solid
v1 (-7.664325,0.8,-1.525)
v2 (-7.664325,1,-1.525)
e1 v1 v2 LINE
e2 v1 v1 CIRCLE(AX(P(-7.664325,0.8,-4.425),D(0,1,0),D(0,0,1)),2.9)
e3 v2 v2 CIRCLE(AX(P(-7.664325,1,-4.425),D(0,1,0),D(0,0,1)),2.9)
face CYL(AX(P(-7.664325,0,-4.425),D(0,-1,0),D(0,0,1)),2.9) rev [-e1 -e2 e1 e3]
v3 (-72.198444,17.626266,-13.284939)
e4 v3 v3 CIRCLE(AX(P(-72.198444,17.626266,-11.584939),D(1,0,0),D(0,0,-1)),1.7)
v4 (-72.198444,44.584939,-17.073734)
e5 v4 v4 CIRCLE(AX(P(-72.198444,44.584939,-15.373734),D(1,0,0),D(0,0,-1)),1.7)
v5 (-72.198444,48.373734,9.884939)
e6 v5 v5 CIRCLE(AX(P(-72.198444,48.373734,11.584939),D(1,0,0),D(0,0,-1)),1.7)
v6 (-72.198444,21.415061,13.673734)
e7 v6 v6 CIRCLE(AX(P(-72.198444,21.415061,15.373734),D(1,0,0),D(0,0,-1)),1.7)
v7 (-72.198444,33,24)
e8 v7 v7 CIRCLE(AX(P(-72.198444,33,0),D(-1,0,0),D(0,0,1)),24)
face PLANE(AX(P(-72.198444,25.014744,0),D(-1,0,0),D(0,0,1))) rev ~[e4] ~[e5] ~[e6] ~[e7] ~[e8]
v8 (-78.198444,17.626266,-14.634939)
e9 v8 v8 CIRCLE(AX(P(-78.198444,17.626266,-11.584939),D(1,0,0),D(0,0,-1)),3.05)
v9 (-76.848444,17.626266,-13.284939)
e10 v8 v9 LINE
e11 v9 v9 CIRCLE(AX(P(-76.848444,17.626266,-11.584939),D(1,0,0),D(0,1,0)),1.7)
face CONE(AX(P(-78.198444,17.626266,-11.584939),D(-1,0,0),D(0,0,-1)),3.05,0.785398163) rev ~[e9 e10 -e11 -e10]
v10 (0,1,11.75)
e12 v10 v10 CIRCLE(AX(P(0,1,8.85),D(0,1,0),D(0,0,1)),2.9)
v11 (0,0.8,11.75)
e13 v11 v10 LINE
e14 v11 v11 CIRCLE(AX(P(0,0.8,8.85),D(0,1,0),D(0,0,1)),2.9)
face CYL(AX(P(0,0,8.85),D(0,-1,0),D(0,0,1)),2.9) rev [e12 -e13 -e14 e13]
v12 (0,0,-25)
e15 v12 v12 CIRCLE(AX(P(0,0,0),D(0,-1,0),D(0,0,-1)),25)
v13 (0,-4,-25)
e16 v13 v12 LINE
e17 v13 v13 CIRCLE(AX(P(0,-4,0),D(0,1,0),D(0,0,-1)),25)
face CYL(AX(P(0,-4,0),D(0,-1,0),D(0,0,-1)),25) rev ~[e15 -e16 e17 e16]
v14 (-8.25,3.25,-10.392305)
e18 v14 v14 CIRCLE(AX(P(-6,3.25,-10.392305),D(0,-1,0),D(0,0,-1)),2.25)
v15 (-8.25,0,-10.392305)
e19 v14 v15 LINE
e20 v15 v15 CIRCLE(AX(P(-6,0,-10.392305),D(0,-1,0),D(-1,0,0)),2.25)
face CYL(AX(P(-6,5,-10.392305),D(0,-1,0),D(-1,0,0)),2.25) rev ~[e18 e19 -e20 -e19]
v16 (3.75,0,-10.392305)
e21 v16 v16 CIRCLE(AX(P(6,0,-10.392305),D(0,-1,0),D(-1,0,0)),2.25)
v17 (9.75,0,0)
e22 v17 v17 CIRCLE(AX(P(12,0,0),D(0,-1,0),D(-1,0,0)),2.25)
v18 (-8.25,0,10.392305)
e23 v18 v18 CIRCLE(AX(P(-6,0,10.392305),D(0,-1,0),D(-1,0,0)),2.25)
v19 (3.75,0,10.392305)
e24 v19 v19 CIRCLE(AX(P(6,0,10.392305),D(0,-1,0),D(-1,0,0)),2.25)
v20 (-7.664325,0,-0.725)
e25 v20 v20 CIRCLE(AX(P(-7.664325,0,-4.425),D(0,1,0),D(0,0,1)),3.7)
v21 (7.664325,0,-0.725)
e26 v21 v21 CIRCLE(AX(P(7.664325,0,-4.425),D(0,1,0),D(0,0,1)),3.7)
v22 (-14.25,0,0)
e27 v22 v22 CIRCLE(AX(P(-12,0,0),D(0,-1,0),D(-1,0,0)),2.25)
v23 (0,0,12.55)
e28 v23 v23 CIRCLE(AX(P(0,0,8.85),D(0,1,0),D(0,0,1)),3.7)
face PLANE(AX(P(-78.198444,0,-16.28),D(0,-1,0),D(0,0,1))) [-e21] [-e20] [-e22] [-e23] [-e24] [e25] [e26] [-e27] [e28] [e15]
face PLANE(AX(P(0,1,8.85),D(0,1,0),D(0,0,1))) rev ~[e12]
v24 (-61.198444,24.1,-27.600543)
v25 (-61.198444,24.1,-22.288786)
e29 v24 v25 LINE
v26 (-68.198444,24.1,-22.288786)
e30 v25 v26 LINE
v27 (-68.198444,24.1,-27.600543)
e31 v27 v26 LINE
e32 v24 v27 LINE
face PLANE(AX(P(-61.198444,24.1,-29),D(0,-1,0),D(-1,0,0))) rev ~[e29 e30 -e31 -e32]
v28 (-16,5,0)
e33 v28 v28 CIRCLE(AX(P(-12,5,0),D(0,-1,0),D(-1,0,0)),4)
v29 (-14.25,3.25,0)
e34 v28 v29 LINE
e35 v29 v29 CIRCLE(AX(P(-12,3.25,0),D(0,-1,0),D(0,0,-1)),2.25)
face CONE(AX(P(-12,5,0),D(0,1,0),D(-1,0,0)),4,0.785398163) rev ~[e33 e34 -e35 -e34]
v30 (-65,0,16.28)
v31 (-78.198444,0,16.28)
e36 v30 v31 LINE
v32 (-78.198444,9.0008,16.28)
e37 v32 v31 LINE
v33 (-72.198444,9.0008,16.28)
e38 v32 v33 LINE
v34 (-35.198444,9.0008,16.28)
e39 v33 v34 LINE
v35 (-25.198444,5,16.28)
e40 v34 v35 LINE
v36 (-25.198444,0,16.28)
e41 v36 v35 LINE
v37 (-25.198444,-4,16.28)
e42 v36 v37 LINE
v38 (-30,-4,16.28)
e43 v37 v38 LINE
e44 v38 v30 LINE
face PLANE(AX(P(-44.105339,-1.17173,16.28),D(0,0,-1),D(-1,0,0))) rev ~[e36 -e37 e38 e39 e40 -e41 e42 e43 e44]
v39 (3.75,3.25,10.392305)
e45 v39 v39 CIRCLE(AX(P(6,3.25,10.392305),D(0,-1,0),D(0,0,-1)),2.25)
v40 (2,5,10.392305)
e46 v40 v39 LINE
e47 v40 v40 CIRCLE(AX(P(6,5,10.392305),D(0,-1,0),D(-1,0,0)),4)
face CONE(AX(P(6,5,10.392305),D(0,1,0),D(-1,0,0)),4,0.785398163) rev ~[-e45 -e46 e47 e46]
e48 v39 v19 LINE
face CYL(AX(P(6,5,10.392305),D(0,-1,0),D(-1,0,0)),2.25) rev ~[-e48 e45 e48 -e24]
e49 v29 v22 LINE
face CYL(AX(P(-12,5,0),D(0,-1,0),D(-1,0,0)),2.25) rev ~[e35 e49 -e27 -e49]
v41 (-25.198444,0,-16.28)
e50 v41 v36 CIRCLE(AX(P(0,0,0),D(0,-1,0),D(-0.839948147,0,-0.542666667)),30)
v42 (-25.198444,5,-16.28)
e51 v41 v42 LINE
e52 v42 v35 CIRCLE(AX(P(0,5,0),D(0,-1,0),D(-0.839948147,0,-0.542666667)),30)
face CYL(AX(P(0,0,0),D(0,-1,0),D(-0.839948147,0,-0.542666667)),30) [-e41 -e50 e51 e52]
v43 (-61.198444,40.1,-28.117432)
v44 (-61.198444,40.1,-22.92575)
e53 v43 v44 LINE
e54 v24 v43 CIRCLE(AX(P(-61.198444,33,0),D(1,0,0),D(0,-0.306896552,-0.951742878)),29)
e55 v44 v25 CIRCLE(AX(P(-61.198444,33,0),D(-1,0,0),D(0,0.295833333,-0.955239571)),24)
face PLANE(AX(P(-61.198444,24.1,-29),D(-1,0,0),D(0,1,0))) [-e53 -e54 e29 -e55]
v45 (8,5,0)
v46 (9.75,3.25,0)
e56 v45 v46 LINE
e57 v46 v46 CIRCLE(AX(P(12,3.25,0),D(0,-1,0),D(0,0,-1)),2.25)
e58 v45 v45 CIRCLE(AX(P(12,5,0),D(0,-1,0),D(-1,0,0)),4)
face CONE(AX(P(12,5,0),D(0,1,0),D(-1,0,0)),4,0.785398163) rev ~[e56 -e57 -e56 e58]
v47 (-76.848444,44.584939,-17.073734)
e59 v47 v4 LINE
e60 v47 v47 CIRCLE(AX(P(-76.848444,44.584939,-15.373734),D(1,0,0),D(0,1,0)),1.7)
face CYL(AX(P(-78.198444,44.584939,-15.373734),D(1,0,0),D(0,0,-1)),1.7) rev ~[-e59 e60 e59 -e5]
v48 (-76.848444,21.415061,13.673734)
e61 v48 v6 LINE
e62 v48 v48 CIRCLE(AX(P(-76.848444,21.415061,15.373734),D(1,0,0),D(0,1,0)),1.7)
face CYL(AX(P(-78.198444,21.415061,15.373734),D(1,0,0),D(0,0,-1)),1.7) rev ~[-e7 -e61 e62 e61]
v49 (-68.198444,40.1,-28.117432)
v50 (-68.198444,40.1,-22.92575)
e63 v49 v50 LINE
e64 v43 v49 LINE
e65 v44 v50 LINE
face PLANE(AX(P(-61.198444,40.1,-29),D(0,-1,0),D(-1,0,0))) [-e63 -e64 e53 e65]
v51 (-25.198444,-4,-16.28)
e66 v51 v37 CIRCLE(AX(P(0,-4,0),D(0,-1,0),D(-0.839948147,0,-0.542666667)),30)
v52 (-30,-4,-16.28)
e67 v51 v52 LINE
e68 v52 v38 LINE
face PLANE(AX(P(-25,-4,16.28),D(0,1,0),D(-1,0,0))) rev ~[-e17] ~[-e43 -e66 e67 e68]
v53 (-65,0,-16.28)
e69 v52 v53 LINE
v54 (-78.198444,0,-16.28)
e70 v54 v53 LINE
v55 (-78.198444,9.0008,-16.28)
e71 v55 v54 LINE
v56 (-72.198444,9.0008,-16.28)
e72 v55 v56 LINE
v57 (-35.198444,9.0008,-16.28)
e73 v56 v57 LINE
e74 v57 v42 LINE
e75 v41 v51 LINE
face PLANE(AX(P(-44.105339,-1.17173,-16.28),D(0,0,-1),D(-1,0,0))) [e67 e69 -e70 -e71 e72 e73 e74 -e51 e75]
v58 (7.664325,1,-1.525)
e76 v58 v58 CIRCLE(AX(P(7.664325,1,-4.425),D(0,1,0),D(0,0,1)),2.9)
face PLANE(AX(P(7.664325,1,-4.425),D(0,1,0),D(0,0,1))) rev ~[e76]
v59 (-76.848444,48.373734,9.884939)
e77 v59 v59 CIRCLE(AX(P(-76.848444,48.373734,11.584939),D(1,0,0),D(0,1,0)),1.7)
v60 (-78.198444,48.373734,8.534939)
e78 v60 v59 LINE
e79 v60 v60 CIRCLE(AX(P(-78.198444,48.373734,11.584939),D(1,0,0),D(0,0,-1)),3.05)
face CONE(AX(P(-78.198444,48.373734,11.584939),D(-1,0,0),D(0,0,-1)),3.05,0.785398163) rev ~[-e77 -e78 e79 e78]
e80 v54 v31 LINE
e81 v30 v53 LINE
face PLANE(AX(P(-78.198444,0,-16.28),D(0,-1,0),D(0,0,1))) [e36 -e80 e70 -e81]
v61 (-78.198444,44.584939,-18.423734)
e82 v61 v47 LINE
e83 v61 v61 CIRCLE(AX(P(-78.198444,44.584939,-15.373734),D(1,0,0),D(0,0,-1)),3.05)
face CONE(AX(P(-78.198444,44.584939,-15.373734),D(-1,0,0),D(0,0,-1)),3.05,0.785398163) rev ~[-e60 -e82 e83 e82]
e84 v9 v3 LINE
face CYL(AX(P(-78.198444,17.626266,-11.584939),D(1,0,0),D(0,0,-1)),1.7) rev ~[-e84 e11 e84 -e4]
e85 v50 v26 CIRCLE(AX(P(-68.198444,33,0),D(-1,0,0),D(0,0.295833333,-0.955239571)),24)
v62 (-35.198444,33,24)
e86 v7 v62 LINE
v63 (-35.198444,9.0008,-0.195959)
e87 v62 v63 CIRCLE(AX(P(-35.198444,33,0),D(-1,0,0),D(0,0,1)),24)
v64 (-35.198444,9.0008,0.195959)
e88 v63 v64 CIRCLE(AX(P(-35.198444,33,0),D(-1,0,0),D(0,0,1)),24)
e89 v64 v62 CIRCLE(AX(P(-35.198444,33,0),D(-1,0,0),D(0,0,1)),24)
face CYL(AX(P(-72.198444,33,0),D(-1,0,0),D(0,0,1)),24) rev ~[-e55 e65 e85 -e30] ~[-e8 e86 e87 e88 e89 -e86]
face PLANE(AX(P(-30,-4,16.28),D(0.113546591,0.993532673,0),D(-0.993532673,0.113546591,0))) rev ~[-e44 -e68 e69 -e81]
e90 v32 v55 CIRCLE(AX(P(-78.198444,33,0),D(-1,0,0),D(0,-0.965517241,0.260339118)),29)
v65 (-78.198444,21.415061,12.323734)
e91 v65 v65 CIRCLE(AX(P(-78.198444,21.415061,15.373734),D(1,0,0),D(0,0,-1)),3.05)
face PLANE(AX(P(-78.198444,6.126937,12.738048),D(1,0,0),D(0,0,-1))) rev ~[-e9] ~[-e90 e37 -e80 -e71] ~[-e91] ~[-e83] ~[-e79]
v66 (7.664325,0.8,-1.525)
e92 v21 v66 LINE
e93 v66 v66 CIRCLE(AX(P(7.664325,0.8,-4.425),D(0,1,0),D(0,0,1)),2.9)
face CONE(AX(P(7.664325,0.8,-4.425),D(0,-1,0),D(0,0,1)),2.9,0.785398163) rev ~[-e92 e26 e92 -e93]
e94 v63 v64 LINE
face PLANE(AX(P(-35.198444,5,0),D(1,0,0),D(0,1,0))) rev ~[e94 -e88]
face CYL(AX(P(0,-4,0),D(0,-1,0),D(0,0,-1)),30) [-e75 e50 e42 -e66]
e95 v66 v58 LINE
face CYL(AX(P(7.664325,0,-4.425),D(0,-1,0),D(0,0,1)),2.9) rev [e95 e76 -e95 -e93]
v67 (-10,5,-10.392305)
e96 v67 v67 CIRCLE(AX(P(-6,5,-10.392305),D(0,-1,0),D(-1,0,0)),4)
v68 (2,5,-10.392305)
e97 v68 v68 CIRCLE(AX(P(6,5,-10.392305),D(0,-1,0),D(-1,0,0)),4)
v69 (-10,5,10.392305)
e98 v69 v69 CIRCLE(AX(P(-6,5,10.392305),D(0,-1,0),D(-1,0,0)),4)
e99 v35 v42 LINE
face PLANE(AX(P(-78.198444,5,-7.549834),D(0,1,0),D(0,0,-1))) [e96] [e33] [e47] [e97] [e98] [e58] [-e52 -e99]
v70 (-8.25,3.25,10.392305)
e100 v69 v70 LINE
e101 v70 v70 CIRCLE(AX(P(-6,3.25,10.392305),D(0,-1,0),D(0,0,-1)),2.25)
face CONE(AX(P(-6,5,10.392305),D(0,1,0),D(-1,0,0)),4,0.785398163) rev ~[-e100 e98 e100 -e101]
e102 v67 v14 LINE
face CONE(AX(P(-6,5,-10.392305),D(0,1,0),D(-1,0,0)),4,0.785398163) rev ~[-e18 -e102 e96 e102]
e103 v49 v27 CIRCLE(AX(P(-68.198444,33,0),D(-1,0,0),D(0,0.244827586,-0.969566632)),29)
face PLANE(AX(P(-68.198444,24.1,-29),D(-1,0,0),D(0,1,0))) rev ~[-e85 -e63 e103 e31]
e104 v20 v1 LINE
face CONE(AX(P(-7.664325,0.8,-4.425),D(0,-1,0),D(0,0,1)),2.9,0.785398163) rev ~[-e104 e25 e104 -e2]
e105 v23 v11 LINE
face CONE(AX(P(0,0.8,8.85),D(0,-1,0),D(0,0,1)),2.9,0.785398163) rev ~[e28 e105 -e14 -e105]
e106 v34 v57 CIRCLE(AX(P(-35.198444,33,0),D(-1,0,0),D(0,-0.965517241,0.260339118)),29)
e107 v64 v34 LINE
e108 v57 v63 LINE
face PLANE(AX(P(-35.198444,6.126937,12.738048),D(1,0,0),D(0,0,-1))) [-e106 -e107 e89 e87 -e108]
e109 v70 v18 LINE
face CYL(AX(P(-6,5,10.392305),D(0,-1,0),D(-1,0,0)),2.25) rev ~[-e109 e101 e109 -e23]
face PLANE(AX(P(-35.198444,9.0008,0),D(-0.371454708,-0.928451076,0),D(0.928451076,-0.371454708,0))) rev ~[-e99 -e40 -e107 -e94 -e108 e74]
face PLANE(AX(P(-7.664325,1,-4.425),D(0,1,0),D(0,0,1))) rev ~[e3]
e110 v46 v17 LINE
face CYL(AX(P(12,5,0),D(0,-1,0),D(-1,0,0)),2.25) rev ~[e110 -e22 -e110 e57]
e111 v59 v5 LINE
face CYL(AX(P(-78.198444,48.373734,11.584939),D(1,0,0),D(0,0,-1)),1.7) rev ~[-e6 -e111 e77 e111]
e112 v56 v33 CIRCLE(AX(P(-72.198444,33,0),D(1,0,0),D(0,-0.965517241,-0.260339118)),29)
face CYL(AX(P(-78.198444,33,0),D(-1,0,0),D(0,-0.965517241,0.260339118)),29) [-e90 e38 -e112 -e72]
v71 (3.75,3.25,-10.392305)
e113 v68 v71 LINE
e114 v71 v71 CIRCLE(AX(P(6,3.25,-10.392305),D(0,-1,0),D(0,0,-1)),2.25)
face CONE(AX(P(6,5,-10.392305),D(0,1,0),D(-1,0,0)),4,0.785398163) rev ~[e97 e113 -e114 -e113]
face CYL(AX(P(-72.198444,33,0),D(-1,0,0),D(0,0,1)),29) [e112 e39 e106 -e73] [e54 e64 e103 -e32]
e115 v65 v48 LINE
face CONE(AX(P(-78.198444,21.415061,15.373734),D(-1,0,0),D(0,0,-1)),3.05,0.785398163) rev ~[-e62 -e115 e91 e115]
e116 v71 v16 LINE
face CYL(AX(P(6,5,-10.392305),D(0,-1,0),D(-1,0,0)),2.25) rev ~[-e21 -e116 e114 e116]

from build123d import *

# Parameters (mm, degrees)
BOSS_EXTRUDE1_DEPTH                             = 5
CSK_FOR_M4_FLAT_HEAD_MACHINE_SCREW2_D           = 4.5
CSK_FOR_M4_FLAT_HEAD_MACHINE_SCREW2_CSINK_D     = 8
CSK_FOR_M4_FLAT_HEAD_MACHINE_SCREW2_CSINK_ANGLE = 90
SKETCH11_R                                      = 29
SKETCH11_R_2                                    = 24
BOSS_EXTRUDE2_DEPTH                             = 37
BOSS_EXTRUDE3_START                             = 6
BOSS_EXTRUDE3_DEPTH                             = 6
CSK_FOR_M3_FLAT_HEAD_MACHINE_SCREW1_D           = 3.4
CSK_FOR_M3_FLAT_HEAD_MACHINE_SCREW1_CSINK_D     = 6.1
CSK_FOR_M3_FLAT_HEAD_MACHINE_SCREW1_CSINK_ANGLE = 90
CUT_EXTRUDE1_REACH                              = 117.931
CUT_EXTRUDE1_END_RADIUS                         = 24
SKETCH15_W                                      = 7
SKETCH15_H                                      = 16
CUT_EXTRUDE2_START                              = -5
SKETCH17_R                                      = 2.9
CUT_EXTRUDE2_DEPTH                              = 1
CHAMFER1_SIZE                                   = 0.8
BOSS_EXTRUDE4_START                             = -43
BOSS_EXTRUDE4_DEPTH                             = 43
BOSS_EXTRUDE5_DEPTH                             = 16.28
BOSS_EXTRUDE6_START                             = 4
SKETCH21_R                                      = 30
SKETCH21_R_2                                    = 25
BOSS_EXTRUDE6_DEPTH                             = 4
BOSS_EXTRUDE7_DEPTH                             = 32.56


with BuildPart() as part:
    # Sketch1 → Boss-Extrude1 (new body)
    with BuildSketch(Plane(origin=(0, 0, 0), x_dir=(1, 0, 0), z_dir=(0, 1, 0))):
        with BuildLine():
            Line((-25.198444396, -16.28), (-72.198444396, -16.28))
            Line((-72.198444396, -16.28), (-72.198444396, 16.28))
            Line((-72.198444396, 16.28), (-25.198444396, 16.28))
            ThreePointArc((-25.198444396, 16.28), (30, 0), (-25.198444396, -16.28))
        make_face()
    extrude(amount=BOSS_EXTRUDE1_DEPTH)

    # CSK for M4 Flat Head Machine Screw2 (through all)
    with Locations(Plane(origin=(0, 5, 0), x_dir=(1, 0, 0), z_dir=(0, 1, 0))):
        with Locations((-6, 10.392304845), (-12, 0), (12, 0), (6, 10.392304845), (-6, -10.392304845), (6, -10.392304845)):
            CounterSinkHole(CSK_FOR_M4_FLAT_HEAD_MACHINE_SCREW2_D / 2, CSK_FOR_M4_FLAT_HEAD_MACHINE_SCREW2_CSINK_D / 2, counter_sink_angle=CSK_FOR_M4_FLAT_HEAD_MACHINE_SCREW2_CSINK_ANGLE)

    # Sketch11 → Boss-Extrude2 (add)
    with BuildSketch(Plane.ZY.offset(72.198444396)):
        with Locations((0, 33)):
            Circle(SKETCH11_R)
        with Locations((0, 33)):
            Circle(SKETCH11_R_2, mode=Mode.SUBTRACT)
    extrude(amount=-BOSS_EXTRUDE2_DEPTH)

    # Sketch12 → Boss-Extrude3 (add)
    with BuildSketch(Plane.ZY.offset(72.198444396).offset(BOSS_EXTRUDE3_START)):
        with BuildLine():
            Line((-16.28, 0), (16.28, 0))
            Line((16.28, 0), (16.28, 5))
            Line((16.28, 5), (7.549834435, 5))
            ThreePointArc((7.549834435, 5), (0, 62), (-7.549834435, 5))
            Line((-7.549834435, 5), (-16.28, 5))
            Line((-16.28, 5), (-16.28, 0))
        make_face()
    extrude(amount=-BOSS_EXTRUDE3_DEPTH)

    # CSK for M3 Flat Head Machine Screw1 (through all)
    with Locations(Plane.ZY.offset(78.198444396)):
        with Locations((-11.584939196, 17.626266432), (11.584939196, 48.373733568), (15.373733568, 21.415060804), (-15.373733568, 44.584939196)):
            CounterSinkHole(CSK_FOR_M3_FLAT_HEAD_MACHINE_SCREW1_D / 2, CSK_FOR_M3_FLAT_HEAD_MACHINE_SCREW1_CSINK_D / 2, counter_sink_angle=CSK_FOR_M3_FLAT_HEAD_MACHINE_SCREW1_CSINK_ANGLE)

    # Cut-Extrude1: up to this cylinder (the profile starts outside it)
    cut_extrude1_end = Plane(origin=(-64.698444, 33, 0), z_dir=(-1, 0, 0)) * Cylinder(CUT_EXTRUDE1_END_RADIUS, 284.862, mode=Mode.PRIVATE)
    # Sketch15 → Cut-Extrude1 (cut, up to the surface)
    with BuildSketch(Plane(origin=(0, 0, -29), x_dir=(-1, 0, 0), z_dir=(0, 0, -1)), mode=Mode.PRIVATE) as cut_extrude1_sk1:
        with Locations((64.698444396, 32.1)):
            Rectangle(SKETCH15_W, SKETCH15_H)
    cut_extrude1_tool1 = extrude(cut_extrude1_sk1.sketch, amount=-CUT_EXTRUDE1_REACH, mode=Mode.PRIVATE) - cut_extrude1_end
    add(cut_extrude1_tool1.solids().sort_by_distance((-64.698444, 32.1, -29))[0], mode=Mode.SUBTRACT)

    # Sketch17 → Cut-Extrude2 (cut)
    with BuildSketch(Plane(origin=(0, 5, 0), x_dir=(1, 0, 0), z_dir=(0, 1, 0)).offset(CUT_EXTRUDE2_START)):
        with Locations(Location((-7.664324823, 4.425, 0), (0, 0, 270))):
            Circle(SKETCH17_R)
        with Locations(Location((7.664324823, 4.425, 0), (0, 0, 270))):
            Circle(SKETCH17_R)
        with Locations(Location((0, -8.849999999, 0), (0, 0, 270))):
            Circle(SKETCH17_R)
    extrude(amount=CUT_EXTRUDE2_DEPTH, mode=Mode.SUBTRACT)

    # Chamfer1
    chamfer1_edges = [part.edges().sort_by_distance(p)[0] for p in [
        (7.664324823, 0, -7.325),
        (-7.664324823, 0, -7.325),
        (0, 0, 5.949999999),
    ]]
    chamfer(chamfer1_edges, length=CHAMFER1_SIZE)

    # Sketch19 → Boss-Extrude4 (add)
    with BuildSketch(Plane(origin=(-35.198444396, 0, 0), x_dir=(0, 0, -1), z_dir=(1, 0, 0)).offset(BOSS_EXTRUDE4_START)):
        with BuildLine():
            ThreePointArc((-7.549834435, 5), (-12.081674242, 6.636518676), (-16.28, 9.000800013))
            Line((-16.28, 9.000800013), (-16.28, 5))
            Line((-16.28, 5), (-7.549834435, 5))
        make_face()
        with BuildLine():
            Line((16.28, 5), (16.28, 9.000800013))
            ThreePointArc((16.28, 9.000800013), (12.081674242, 6.636518676), (7.549834435, 5))
            Line((7.549834435, 5), (16.28, 5))
        make_face()
    extrude(amount=BOSS_EXTRUDE4_DEPTH)

    # Sketch20 → Boss-Extrude5 (add, symmetric)
    with BuildSketch(Plane.XY):
        Polygon((-35.198444396, 9.000800013), (-25.198444396, 5), (-35.198444396, 5), align=None)
    extrude(amount=BOSS_EXTRUDE5_DEPTH, both=True)

    # Sketch21 → Boss-Extrude6 (add)
    with BuildSketch(Plane.XZ.offset(BOSS_EXTRUDE6_START)):
        with Locations(Location((0, 0, 0), (0, 0, 270))):
            Circle(SKETCH21_R)
        with Locations(Location((0, 0, 0), (0, 0, 270))):
            Circle(SKETCH21_R_2, mode=Mode.SUBTRACT)
    extrude(amount=-BOSS_EXTRUDE6_DEPTH)

    # Sketch22 → Boss-Extrude7 (add)
    with BuildSketch(Plane.XY.offset(16.28)):
        Polygon((-65, 0), (-25.198444396, 0), (-25, -4), (-30, -4), align=None)
    extrude(amount=-BOSS_EXTRUDE7_DEPTH)


solid = part.part
